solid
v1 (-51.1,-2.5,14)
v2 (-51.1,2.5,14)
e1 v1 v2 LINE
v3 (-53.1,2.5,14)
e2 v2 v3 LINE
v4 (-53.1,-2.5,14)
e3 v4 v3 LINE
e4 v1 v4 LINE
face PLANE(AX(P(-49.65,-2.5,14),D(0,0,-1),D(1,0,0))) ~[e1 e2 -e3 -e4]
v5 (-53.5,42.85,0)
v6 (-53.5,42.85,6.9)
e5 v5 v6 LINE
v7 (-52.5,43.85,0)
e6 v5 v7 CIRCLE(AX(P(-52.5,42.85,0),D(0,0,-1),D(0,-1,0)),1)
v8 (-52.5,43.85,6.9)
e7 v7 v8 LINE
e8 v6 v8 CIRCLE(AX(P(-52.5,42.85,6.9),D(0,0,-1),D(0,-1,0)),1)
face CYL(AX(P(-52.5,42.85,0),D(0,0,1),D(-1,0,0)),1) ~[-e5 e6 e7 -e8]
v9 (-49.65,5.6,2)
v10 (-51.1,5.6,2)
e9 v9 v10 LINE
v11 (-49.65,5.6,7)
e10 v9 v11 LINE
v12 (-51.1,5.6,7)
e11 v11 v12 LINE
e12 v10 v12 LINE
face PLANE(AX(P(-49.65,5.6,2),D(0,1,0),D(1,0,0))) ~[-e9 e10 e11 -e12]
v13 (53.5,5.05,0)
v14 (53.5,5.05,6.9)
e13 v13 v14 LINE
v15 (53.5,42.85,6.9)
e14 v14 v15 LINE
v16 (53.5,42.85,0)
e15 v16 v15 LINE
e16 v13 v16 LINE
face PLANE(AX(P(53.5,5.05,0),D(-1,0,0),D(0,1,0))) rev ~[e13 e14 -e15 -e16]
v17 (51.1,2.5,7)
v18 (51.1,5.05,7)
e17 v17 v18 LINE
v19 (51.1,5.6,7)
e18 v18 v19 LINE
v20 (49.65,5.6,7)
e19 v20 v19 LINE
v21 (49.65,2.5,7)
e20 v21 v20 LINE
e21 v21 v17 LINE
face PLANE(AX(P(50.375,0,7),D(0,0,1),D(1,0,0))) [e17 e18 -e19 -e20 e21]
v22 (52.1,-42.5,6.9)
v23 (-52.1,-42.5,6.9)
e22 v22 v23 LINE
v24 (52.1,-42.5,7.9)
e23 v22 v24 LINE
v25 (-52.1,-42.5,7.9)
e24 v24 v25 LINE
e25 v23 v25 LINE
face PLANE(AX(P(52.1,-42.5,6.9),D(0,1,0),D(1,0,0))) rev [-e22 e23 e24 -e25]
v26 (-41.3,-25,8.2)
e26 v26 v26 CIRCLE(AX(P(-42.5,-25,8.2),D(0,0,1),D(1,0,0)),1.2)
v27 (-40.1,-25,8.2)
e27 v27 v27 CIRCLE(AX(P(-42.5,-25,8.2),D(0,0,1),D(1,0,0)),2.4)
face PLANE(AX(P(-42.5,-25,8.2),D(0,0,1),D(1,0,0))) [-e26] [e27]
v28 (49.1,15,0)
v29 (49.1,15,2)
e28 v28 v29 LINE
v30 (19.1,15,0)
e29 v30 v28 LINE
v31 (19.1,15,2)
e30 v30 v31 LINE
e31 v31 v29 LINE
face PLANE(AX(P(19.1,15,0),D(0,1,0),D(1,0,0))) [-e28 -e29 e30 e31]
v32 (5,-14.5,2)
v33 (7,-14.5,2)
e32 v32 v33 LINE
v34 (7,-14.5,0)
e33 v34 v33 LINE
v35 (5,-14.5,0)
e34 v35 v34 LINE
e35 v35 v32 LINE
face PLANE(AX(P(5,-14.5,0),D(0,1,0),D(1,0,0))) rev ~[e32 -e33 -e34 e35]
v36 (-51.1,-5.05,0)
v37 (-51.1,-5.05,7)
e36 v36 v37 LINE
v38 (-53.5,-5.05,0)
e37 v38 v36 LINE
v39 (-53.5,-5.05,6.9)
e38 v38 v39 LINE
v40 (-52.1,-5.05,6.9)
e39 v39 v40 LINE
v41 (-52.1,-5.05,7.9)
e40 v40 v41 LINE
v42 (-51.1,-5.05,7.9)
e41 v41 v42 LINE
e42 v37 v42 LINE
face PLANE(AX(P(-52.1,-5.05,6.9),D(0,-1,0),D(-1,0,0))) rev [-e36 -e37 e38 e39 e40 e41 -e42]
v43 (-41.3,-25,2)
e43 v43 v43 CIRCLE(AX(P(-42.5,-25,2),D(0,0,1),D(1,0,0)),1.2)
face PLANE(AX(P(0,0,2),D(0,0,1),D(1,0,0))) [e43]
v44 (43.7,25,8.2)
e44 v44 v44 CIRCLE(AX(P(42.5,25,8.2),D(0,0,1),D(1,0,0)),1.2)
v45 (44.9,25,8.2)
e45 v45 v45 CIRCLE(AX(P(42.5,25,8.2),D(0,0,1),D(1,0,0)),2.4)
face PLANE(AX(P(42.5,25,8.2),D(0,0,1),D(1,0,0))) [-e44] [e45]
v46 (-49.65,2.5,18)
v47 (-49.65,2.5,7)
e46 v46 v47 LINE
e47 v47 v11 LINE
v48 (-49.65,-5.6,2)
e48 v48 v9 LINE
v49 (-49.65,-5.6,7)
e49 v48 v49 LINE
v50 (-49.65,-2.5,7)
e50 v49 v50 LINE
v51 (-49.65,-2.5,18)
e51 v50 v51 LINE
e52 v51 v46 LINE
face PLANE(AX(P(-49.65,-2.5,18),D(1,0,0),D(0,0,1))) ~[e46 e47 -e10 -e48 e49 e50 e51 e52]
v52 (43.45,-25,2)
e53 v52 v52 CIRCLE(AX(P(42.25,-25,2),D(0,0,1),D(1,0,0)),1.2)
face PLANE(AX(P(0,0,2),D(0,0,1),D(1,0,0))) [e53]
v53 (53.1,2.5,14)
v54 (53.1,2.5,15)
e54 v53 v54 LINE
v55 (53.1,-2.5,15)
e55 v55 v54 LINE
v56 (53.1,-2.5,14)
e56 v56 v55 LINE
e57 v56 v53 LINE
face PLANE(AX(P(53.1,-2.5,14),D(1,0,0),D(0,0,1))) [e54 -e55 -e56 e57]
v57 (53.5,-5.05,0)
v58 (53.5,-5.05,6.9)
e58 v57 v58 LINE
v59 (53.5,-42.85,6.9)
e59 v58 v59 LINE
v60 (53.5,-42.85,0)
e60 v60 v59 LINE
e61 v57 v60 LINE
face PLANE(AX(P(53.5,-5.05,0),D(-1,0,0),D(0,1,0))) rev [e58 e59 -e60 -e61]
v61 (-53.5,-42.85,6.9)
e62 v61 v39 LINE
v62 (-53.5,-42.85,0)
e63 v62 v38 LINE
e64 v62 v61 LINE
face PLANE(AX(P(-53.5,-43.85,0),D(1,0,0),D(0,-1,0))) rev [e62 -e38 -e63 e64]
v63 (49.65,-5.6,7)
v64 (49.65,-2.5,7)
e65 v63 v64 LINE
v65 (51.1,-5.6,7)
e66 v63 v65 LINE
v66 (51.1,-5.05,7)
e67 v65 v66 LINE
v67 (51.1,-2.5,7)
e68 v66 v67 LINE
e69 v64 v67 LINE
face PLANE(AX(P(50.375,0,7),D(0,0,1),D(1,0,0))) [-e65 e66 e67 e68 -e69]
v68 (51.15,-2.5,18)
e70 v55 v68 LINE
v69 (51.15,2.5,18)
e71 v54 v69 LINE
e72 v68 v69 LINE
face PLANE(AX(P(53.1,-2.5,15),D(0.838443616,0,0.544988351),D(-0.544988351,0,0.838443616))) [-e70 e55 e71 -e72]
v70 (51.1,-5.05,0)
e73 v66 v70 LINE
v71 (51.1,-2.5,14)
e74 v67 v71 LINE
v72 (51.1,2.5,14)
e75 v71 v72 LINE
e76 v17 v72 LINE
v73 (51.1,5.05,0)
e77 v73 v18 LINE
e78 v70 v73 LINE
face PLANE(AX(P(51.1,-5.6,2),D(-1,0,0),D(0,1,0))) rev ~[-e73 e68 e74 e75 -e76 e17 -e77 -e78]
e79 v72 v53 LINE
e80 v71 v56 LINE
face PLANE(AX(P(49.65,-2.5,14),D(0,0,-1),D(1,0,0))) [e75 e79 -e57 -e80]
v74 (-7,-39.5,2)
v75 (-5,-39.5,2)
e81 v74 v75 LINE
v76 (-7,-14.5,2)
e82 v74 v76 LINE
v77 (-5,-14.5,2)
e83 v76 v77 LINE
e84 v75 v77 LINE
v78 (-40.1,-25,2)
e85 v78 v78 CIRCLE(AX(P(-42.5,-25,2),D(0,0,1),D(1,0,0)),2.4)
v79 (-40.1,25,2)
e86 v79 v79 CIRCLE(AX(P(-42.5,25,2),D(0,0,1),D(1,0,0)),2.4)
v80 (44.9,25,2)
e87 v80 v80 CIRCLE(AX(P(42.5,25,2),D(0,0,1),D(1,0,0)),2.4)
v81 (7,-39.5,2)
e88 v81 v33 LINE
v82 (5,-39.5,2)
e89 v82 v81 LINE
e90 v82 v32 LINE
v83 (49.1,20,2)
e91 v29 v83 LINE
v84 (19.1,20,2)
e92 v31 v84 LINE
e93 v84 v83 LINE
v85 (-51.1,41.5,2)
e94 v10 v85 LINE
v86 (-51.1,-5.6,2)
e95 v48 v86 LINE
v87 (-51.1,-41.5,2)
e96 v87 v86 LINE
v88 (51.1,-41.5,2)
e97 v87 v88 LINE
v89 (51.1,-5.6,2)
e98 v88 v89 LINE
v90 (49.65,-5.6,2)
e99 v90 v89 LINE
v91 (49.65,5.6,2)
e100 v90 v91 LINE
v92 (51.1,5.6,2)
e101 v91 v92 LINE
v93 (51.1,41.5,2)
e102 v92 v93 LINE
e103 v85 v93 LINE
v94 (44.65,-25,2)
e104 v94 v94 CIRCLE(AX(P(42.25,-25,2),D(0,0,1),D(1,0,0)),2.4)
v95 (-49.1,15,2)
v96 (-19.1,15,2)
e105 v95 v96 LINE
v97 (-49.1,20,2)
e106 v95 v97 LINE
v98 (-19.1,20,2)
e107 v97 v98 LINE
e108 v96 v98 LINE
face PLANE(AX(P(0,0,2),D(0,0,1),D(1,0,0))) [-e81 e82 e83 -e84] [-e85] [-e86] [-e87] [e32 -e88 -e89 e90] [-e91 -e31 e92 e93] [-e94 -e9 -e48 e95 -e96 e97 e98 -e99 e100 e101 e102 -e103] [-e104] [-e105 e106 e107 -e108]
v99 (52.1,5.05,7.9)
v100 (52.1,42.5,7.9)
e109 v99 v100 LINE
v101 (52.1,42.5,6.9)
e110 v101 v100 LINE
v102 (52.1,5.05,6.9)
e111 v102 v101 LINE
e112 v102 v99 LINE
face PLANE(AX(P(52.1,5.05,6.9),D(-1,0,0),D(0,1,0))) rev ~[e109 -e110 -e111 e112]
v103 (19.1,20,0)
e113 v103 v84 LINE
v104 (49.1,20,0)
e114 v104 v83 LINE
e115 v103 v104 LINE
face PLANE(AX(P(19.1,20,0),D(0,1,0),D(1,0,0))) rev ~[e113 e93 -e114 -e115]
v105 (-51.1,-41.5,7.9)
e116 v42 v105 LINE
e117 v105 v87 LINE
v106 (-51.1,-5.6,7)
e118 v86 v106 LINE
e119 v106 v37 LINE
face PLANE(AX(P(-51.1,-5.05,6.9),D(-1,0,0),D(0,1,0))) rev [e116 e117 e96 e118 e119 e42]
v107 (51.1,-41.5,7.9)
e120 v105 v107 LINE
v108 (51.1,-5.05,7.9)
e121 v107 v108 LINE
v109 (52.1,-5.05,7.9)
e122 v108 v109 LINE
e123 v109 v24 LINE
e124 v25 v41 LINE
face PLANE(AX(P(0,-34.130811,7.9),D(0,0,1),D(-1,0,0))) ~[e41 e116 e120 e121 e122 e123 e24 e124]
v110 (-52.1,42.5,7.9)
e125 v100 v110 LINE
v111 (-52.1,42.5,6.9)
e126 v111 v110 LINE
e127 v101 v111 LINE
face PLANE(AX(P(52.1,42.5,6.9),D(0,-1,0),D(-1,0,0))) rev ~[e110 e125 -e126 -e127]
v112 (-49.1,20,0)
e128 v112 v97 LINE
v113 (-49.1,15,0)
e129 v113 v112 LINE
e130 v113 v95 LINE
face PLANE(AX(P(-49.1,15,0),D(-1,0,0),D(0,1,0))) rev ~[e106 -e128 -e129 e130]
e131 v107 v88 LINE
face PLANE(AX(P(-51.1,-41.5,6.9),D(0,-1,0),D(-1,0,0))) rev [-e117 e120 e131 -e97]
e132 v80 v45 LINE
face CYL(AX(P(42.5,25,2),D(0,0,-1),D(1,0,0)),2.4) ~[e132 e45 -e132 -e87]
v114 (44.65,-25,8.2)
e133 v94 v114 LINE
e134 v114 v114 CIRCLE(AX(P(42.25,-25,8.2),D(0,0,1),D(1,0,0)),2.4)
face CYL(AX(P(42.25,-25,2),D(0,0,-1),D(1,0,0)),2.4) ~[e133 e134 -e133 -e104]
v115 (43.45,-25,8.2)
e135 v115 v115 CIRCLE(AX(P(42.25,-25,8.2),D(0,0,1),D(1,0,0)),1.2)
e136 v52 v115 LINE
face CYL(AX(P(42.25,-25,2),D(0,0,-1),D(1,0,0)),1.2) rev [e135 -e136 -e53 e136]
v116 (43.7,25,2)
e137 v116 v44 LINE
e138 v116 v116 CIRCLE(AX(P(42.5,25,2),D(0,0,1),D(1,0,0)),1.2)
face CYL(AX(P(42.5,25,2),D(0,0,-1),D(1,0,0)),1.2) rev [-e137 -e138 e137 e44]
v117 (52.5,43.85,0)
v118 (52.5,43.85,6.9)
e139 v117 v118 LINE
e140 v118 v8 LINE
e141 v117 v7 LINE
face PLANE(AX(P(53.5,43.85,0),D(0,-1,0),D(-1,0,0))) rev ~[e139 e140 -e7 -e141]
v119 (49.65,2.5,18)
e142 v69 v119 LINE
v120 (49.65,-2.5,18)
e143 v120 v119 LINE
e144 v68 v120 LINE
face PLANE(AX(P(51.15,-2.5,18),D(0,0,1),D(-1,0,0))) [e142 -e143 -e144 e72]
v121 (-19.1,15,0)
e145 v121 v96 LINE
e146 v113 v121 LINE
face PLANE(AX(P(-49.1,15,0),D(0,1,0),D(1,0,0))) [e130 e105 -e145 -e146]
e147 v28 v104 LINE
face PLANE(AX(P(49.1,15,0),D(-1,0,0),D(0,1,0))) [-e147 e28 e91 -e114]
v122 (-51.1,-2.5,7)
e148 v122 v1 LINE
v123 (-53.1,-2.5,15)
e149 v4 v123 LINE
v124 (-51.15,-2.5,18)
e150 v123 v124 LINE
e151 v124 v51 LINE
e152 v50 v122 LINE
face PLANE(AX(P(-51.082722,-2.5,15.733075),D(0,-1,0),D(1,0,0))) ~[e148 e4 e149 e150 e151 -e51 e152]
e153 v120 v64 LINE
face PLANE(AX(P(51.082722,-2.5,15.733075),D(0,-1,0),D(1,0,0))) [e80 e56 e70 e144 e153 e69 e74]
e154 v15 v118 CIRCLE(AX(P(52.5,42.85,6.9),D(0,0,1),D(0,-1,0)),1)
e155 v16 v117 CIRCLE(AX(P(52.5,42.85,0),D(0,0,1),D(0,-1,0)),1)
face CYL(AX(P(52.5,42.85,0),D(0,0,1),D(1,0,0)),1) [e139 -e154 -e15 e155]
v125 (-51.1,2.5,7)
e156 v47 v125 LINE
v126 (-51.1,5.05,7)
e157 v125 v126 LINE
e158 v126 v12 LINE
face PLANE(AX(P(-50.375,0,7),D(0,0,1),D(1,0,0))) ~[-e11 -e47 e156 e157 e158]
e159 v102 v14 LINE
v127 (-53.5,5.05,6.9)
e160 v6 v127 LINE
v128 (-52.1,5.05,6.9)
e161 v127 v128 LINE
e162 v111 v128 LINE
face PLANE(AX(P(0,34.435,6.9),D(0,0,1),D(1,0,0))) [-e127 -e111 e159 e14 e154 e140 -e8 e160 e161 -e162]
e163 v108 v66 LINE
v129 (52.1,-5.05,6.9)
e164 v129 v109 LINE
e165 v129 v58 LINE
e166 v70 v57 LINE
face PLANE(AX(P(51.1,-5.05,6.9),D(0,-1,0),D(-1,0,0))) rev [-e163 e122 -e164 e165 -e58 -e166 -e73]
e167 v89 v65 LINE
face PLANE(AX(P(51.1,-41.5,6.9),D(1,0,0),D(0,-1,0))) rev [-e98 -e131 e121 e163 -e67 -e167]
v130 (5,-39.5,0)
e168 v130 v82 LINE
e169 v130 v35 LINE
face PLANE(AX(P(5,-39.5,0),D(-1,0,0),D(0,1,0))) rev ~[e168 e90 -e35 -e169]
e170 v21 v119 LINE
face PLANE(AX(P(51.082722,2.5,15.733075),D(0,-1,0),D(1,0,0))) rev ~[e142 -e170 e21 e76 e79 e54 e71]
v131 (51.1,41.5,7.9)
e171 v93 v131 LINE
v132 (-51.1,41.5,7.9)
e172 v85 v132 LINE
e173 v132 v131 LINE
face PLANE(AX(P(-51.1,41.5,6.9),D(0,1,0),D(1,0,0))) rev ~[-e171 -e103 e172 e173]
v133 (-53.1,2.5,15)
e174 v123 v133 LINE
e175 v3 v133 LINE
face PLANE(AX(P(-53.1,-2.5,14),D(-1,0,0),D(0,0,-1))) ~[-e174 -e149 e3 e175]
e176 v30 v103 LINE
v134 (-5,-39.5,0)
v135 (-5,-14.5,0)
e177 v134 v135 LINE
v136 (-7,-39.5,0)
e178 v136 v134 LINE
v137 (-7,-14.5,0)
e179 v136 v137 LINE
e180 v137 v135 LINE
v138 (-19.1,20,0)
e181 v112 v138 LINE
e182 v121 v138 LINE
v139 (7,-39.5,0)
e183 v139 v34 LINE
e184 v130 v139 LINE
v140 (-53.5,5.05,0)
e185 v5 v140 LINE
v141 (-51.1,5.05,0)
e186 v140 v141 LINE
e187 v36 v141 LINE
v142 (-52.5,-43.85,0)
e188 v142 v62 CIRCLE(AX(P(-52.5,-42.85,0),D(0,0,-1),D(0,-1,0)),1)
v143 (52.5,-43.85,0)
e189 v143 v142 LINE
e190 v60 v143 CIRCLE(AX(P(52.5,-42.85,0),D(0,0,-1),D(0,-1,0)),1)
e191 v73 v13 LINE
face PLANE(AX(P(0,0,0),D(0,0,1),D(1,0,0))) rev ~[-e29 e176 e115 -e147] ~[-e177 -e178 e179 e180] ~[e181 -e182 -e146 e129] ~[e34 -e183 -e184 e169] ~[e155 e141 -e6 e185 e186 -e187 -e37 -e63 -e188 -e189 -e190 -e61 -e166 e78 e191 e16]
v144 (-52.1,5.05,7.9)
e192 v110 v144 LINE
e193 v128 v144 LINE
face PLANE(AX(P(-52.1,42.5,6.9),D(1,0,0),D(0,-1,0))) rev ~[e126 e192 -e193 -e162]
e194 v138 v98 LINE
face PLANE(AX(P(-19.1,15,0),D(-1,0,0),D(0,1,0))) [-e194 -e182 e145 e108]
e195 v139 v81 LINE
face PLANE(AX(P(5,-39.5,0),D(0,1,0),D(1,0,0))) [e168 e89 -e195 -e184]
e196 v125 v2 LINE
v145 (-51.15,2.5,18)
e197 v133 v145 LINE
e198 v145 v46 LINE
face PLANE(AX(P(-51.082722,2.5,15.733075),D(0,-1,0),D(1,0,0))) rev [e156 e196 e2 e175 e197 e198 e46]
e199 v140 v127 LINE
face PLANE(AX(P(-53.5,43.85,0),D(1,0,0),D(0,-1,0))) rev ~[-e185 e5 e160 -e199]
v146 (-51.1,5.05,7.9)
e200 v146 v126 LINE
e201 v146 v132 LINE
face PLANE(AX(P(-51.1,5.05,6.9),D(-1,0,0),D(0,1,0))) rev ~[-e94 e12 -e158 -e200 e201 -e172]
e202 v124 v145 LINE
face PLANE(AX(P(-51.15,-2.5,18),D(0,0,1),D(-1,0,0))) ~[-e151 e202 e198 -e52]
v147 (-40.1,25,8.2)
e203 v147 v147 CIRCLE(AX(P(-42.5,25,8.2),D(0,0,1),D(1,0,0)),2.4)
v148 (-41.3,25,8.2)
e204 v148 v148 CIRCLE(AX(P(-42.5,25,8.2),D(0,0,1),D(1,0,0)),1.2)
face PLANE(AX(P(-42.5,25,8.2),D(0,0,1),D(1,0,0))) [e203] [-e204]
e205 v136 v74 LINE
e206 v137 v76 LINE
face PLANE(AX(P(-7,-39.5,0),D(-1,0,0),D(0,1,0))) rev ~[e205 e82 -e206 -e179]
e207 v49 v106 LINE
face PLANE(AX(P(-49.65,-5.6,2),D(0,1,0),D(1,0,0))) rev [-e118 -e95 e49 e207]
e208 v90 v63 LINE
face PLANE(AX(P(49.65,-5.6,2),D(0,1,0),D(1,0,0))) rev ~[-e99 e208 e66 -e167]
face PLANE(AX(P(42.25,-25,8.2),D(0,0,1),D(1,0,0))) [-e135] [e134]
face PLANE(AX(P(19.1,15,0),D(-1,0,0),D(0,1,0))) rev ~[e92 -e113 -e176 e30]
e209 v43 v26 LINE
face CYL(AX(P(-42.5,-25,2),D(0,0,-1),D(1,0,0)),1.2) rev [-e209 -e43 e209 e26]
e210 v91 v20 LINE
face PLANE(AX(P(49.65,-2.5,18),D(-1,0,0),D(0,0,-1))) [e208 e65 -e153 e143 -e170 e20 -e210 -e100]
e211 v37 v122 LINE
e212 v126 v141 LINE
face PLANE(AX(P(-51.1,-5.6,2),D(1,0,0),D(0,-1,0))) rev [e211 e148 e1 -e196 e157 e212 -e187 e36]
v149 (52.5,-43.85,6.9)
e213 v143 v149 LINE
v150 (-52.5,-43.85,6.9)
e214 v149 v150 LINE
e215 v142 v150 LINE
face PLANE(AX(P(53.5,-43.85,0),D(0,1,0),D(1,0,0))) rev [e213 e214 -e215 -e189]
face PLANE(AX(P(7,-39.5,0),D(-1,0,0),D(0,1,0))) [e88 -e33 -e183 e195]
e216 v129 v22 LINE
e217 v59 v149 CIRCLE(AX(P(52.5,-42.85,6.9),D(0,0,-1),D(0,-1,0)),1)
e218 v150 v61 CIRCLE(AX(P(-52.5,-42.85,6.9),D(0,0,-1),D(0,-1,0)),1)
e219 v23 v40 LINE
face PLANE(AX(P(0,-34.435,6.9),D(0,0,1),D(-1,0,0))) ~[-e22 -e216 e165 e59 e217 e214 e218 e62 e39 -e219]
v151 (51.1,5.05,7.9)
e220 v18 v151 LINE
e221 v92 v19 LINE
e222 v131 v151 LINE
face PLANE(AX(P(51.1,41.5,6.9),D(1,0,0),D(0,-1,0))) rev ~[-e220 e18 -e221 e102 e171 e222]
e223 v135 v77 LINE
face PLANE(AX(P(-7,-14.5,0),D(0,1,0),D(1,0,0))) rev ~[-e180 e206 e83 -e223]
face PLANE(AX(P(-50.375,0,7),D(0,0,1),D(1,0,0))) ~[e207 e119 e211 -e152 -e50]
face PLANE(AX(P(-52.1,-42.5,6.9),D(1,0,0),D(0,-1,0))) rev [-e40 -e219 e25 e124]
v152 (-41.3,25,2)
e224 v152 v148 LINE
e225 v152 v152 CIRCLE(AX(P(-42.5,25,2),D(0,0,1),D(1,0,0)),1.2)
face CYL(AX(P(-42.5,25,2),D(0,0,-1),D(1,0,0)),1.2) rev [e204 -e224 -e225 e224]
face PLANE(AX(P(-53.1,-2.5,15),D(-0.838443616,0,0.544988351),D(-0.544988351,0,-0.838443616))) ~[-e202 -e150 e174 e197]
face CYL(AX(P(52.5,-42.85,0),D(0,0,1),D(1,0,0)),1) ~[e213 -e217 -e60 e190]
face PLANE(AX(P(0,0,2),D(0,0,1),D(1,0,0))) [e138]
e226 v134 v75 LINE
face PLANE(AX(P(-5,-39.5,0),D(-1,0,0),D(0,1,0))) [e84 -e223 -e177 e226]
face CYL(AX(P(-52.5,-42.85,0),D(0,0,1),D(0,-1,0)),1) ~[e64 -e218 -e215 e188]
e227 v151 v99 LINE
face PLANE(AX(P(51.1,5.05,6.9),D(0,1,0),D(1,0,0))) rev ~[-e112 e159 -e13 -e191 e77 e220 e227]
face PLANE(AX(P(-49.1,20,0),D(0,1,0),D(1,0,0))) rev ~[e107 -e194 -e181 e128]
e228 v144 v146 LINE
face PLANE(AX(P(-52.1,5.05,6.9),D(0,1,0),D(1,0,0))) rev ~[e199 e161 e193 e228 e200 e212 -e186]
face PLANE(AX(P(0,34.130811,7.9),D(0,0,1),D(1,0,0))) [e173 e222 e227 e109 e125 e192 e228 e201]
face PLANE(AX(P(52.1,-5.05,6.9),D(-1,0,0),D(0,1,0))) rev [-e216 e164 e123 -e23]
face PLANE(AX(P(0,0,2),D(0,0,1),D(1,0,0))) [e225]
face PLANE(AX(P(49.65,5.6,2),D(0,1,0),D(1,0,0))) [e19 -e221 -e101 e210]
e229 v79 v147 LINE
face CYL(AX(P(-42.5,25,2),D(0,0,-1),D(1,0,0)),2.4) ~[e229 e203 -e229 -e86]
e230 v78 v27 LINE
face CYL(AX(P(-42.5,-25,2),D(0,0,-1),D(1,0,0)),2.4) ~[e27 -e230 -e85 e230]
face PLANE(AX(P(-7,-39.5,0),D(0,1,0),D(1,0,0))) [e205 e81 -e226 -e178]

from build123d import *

# Parameters (mm, degrees)
SKETCH_W      = 102.2
SKETCH_H      = 83
SKETCH_W_2    = 30
SKETCH_H_2    = 5
SKETCH_W_3    = 2
SKETCH_H_3    = 25
PAD_DEPTH     = 2
SKETCH001_R   = 2.4
SKETCH001_R_2 = 1.2
PAD001_DEPTH  = 6.2
PAD002_DEPTH  = 6.9
PAD003_DEPTH  = 1
SKETCH004_W   = 1.45
SKETCH004_H   = 11.2
PAD004_DEPTH  = 5
SKETCH005_W   = 1.45
SKETCH005_H   = 5
PAD005_DEPTH  = 7
PAD006_DEPTH  = 5
FILLET_R      = 1
FILLET001_R   = 1
FILLET002_R   = 1
FILLET003_R   = 1


with BuildPart() as part:
    # Sketch → Pad (new body)
    with BuildSketch(Plane.XY):
        Rectangle(SKETCH_W, SKETCH_H)
        with Locations((34.1, 17.5)):
            Rectangle(SKETCH_W_2, SKETCH_H_2, mode=Mode.SUBTRACT)
        with Locations((-34.1, 17.5)):
            Rectangle(SKETCH_W_2, SKETCH_H_2, mode=Mode.SUBTRACT)
        with Locations((6, -27)):
            Rectangle(SKETCH_W_3, SKETCH_H_3, mode=Mode.SUBTRACT)
        with Locations((-6, -27)):
            Rectangle(SKETCH_W_3, SKETCH_H_3, mode=Mode.SUBTRACT)
    extrude(amount=PAD_DEPTH)

    # Sketch001 (on Face22 of Pad) → Pad001 (join)
    with BuildSketch(Plane.XY.offset(2)):
        with Locations((-42.5, -25)):
            Circle(SKETCH001_R)
        with Locations((-42.5, -25)):
            Circle(SKETCH001_R_2, mode=Mode.SUBTRACT)
        with Locations((42.5, 25)):
            Circle(SKETCH001_R)
        with Locations((42.5, 25)):
            Circle(SKETCH001_R_2, mode=Mode.SUBTRACT)
        with Locations((42.25, -25)):
            Circle(SKETCH001_R)
        with Locations((42.25, -25)):
            Circle(SKETCH001_R_2, mode=Mode.SUBTRACT)
        with Locations((-42.5, 25)):
            Circle(SKETCH001_R)
        with Locations((-42.5, 25)):
            Circle(SKETCH001_R_2, mode=Mode.SUBTRACT)
    extrude(amount=PAD001_DEPTH)

    # Sketch002 → Pad002 (join)
    with BuildSketch(Plane.XY):
        Polygon((-51.1, 41.5), (51.1, 41.5), (51.1, 5.05), (53.5, 5.05), (53.5, 43.85), (-53.5, 43.85), (-53.5, 5.05), (-51.1, 5.05), align=None)
    pad002 = extrude(amount=PAD002_DEPTH)

    # Mirrored: Pad002 across XZ
    add(pad002.mirror(Plane.XZ))

    # Sketch003 (on Face38 of Mirrored) → Pad003 (join)
    with BuildSketch(Plane.XY.offset(6.9)):
        Polygon((-51.1, 5.05), (-51.1, 41.5), (51.1, 41.5), (51.1, 5.05), (52.1, 5.05), (52.1, 42.5), (-52.1, 42.5), (-52.1, 5.05), align=None)
    pad003 = extrude(amount=PAD003_DEPTH)

    # Mirrored001: Pad003 across XZ
    add(pad003.mirror(Plane.XZ))

    # Sketch004 (on Face3 of Mirrored001) → Pad004 (join)
    with BuildSketch(Plane.XY.offset(2)):
        with Locations((50.375, 0)):
            Rectangle(SKETCH004_W, SKETCH004_H)
    pad004 = extrude(amount=PAD004_DEPTH)

    # Mirrored002: Pad004 across YZ
    add(pad004.mirror(Plane.YZ))

    # Sketch005 (on Face40 of Mirrored002) → Pad005 (join)
    with BuildSketch(Plane.XY.offset(7)):
        with Locations((50.375, 0)):
            Rectangle(SKETCH005_W, SKETCH005_H)
    pad005 = extrude(amount=PAD005_DEPTH)

    # Mirrored003: Pad005 across YZ
    add(pad005.mirror(Plane.YZ))

    # Sketch006 (on Face2 of Mirrored003) → Pad006 (join)
    with BuildSketch(Plane.XZ.offset(2.5)):
        Polygon((49.65, 14), (51.1, 14), (53.1, 14), (53.1, 15), (51.15, 18), (49.65, 18), align=None)
    pad006 = extrude(amount=-PAD006_DEPTH)

    # Mirrored004: Pad006 across YZ
    add(pad006.mirror(Plane.YZ))

    # Fillet
    fillet_edges = [part.edges().sort_by_distance(p)[0] for p in [
        (53.5, -43.85, 3.45),
    ]]
    fillet(fillet_edges, radius=FILLET_R)

    # Fillet001
    fillet001_edges = [part.edges().sort_by_distance(p)[0] for p in [
        (53.5, 43.85, 3.45),
    ]]
    fillet(fillet001_edges, radius=FILLET001_R)

    # Fillet002
    fillet002_edges = [part.edges().sort_by_distance(p)[0] for p in [
        (-53.5, -43.85, 3.45),
    ]]
    fillet(fillet002_edges, radius=FILLET002_R)

    # Fillet003
    fillet003_edges = [part.edges().sort_by_distance(p)[0] for p in [
        (-53.5, 43.85, 3.45),
    ]]
    fillet(fillet003_edges, radius=FILLET003_R)


solid = part.part
